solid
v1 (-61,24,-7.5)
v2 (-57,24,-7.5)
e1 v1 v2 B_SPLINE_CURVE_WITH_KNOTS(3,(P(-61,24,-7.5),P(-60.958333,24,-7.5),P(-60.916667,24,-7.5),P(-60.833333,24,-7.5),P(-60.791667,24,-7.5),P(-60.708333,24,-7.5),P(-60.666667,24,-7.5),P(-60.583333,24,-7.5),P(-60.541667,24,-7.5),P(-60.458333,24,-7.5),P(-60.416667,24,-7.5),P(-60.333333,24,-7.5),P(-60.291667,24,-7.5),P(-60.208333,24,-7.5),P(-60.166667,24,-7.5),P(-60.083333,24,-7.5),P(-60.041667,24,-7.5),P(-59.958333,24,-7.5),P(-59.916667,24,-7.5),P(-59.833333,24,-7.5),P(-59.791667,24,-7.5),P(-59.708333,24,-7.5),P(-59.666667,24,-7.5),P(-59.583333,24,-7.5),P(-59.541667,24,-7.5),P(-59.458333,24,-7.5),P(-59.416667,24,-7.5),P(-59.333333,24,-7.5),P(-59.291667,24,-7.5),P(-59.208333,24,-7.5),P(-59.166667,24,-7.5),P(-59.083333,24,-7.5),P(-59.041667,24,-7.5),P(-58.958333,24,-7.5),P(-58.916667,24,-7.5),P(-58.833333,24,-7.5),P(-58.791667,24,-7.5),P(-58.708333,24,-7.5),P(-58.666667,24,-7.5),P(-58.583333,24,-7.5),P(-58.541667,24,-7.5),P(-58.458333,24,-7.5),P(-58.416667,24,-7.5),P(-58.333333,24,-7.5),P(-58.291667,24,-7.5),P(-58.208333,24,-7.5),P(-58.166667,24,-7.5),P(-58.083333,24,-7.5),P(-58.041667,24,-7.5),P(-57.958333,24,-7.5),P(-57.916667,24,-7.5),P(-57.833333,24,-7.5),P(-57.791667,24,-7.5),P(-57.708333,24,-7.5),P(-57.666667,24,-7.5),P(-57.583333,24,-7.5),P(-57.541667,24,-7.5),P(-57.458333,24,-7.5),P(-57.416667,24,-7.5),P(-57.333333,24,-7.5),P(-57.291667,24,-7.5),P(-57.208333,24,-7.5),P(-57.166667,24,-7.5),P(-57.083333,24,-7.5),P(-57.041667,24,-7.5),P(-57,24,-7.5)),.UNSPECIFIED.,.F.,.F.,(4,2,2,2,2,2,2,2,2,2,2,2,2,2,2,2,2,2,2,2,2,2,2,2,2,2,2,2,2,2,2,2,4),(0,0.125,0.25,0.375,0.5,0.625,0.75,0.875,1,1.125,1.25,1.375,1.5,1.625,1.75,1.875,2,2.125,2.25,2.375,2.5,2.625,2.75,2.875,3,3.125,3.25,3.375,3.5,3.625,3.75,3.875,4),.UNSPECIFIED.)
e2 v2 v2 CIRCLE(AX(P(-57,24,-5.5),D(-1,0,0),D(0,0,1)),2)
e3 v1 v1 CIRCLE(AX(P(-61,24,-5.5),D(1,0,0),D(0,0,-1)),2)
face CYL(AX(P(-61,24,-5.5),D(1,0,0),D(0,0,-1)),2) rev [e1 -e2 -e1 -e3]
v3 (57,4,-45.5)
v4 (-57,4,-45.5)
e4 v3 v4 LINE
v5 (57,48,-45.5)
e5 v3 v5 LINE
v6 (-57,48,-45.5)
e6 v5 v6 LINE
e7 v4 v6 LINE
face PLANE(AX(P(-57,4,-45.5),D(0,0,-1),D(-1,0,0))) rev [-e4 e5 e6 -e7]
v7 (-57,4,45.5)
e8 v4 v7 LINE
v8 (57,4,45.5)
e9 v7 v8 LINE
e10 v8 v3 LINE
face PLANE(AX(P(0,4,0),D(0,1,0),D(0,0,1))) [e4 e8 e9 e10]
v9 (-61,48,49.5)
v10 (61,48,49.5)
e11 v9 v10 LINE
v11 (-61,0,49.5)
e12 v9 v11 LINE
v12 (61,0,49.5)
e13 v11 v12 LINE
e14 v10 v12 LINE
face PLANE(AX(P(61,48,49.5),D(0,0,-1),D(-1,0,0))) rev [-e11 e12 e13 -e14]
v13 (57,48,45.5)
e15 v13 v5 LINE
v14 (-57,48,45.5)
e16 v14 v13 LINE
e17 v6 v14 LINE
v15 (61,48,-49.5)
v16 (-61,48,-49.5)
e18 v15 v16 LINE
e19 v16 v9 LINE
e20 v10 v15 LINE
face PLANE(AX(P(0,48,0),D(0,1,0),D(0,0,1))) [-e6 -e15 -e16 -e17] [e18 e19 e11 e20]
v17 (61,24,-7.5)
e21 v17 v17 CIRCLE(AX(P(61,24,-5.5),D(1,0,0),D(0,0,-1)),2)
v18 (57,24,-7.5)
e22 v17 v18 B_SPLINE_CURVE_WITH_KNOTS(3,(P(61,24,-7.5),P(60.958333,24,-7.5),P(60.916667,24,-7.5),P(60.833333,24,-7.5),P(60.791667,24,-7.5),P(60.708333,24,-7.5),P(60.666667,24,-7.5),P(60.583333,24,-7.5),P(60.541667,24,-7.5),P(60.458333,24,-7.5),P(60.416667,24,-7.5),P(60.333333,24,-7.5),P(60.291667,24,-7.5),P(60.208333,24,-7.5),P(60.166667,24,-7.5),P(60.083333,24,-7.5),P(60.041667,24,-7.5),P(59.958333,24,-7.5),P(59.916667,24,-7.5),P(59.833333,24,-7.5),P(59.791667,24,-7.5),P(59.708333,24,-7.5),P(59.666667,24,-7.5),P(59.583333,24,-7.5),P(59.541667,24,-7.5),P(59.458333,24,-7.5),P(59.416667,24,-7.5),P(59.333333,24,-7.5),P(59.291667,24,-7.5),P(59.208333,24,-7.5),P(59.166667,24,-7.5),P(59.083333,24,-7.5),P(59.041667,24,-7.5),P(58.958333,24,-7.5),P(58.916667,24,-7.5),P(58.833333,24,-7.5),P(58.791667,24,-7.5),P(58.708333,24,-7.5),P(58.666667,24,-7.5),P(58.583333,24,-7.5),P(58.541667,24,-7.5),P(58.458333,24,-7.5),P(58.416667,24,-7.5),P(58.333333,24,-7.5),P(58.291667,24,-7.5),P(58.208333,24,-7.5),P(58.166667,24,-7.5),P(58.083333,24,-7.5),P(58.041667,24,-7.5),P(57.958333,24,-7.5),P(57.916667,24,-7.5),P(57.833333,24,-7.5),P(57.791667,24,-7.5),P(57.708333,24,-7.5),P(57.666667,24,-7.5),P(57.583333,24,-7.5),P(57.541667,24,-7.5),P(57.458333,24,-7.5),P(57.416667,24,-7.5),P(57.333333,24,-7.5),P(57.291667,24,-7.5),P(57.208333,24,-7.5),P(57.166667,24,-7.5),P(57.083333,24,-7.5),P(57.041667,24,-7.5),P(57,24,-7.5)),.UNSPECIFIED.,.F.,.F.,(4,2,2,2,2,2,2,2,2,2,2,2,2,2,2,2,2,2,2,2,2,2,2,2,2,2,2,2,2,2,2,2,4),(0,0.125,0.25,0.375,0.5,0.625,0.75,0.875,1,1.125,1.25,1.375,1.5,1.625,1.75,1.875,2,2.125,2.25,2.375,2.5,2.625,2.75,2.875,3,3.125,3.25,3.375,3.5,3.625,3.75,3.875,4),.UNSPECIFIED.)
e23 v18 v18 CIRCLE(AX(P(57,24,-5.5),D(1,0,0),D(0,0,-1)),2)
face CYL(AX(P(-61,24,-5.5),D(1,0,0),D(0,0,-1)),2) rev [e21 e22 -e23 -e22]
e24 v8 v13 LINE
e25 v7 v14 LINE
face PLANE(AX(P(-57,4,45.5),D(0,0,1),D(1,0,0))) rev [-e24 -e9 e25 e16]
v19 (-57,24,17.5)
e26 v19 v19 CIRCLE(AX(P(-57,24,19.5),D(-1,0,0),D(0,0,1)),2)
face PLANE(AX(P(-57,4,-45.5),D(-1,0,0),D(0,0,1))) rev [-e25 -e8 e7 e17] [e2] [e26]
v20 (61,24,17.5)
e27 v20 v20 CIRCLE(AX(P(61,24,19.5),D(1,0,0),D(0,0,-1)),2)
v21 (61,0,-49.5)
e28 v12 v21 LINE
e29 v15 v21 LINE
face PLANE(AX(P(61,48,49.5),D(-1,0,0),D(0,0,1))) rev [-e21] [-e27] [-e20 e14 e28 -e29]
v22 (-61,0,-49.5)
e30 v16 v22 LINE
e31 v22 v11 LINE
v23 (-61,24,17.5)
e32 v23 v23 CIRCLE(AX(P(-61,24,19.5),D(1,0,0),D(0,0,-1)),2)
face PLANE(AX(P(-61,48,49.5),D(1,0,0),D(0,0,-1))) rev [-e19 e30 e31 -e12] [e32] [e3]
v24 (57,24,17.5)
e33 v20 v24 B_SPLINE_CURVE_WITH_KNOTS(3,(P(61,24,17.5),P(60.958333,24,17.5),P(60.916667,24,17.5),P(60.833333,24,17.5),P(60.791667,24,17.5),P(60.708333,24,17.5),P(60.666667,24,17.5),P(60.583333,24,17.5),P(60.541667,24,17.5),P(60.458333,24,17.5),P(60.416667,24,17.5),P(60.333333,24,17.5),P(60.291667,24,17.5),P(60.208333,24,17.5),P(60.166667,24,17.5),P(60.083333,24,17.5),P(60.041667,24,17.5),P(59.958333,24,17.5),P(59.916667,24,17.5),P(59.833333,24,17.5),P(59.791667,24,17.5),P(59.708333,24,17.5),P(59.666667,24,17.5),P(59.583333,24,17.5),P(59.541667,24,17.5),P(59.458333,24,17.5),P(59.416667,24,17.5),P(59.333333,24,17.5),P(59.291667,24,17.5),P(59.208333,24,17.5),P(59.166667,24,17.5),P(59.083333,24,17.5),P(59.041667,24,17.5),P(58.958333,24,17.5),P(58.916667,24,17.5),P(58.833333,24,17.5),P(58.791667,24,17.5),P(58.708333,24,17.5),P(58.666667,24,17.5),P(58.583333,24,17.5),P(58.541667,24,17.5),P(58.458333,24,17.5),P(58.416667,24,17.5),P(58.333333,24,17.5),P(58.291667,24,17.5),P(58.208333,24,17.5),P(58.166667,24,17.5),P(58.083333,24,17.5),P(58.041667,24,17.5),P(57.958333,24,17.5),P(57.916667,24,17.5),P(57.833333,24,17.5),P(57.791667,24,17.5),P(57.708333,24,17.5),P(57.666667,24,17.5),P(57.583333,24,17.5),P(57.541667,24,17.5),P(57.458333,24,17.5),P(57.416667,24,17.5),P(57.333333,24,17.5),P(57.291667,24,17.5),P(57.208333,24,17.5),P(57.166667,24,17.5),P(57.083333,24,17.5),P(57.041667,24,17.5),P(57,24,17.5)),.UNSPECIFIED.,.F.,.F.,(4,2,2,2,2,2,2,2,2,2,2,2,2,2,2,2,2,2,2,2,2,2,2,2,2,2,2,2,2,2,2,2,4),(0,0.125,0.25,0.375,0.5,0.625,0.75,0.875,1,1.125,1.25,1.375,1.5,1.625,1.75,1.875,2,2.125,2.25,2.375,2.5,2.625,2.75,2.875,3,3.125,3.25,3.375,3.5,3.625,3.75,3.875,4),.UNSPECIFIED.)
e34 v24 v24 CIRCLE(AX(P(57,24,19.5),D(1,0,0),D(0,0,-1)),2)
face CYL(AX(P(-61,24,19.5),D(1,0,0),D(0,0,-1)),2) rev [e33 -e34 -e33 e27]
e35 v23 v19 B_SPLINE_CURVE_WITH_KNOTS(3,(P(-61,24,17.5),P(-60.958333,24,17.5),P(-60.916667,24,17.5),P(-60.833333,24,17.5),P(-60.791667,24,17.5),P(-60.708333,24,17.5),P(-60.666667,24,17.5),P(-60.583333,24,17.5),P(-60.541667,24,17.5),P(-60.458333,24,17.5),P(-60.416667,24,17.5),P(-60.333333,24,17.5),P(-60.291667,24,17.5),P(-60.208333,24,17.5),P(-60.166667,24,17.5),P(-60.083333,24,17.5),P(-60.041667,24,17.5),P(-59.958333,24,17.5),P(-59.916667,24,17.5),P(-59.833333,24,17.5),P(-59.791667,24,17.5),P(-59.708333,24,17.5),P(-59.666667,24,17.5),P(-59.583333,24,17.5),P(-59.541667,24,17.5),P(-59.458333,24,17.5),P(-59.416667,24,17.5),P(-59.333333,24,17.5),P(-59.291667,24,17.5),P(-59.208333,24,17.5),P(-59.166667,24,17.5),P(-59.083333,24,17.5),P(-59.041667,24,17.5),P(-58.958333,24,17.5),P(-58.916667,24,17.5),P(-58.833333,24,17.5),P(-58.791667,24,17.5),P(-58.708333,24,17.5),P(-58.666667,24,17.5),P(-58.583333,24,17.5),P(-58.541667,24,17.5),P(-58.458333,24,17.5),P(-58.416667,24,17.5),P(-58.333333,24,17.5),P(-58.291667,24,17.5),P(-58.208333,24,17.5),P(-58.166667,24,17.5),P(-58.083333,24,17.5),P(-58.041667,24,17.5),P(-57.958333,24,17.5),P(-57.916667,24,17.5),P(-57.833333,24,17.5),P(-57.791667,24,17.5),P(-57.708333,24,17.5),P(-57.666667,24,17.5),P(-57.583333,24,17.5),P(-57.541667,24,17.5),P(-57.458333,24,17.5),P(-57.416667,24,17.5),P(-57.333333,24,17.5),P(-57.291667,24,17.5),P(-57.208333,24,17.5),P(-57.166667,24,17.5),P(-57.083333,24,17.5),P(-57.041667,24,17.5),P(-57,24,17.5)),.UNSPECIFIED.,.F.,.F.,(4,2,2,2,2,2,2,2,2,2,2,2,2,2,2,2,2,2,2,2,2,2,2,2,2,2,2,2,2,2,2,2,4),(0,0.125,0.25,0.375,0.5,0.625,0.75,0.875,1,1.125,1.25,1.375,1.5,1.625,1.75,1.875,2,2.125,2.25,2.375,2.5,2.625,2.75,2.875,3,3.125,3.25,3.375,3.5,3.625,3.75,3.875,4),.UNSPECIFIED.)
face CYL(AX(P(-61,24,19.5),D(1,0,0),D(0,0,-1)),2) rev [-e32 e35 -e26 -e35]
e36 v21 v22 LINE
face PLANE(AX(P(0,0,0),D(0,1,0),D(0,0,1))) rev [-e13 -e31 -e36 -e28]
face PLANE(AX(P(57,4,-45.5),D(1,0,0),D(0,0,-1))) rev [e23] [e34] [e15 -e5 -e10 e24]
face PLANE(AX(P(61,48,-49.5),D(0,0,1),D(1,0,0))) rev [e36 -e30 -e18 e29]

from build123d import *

# Parameters (mm, degrees)
SKETCH1_W           = 122
SKETCH1_H           = 99
BOSS_EXTRUDE1_DEPTH = 48
SKETCH2_W           = 114
SKETCH2_H           = 91
CUT_EXTRUDE1_DEPTH  = 44
SKETCH3_R           = 2
CUT_EXTRUDE2_DEPTH  = 141.13654056


with BuildPart() as part:
    # Sketch1 → Boss-Extrude1 (new body)
    with BuildSketch(Plane(origin=(0, 0, 0), x_dir=(1, 0, 0), z_dir=(0, 1, 0))):
        Rectangle(SKETCH1_W, SKETCH1_H)
    extrude(amount=BOSS_EXTRUDE1_DEPTH)

    # Sketch2 → Cut-Extrude1 (cut)
    with BuildSketch(Plane(origin=(0, 48, 0), x_dir=(1, 0, 0), z_dir=(0, 1, 0))):
        Rectangle(SKETCH2_W, SKETCH2_H)
    extrude(amount=-CUT_EXTRUDE1_DEPTH, mode=Mode.SUBTRACT)

    # Sketch3 → Cut-Extrude2 (cut, through all)
    with BuildSketch(Plane(origin=(61, 0, 0), x_dir=(0, 0, -1), z_dir=(1, 0, 0))):
        with Locations((-19.5, 24)):
            Circle(SKETCH3_R)
        with Locations((5.5, 24)):
            Circle(SKETCH3_R)
    extrude(amount=-CUT_EXTRUDE2_DEPTH, mode=Mode.SUBTRACT)


solid = part.part
